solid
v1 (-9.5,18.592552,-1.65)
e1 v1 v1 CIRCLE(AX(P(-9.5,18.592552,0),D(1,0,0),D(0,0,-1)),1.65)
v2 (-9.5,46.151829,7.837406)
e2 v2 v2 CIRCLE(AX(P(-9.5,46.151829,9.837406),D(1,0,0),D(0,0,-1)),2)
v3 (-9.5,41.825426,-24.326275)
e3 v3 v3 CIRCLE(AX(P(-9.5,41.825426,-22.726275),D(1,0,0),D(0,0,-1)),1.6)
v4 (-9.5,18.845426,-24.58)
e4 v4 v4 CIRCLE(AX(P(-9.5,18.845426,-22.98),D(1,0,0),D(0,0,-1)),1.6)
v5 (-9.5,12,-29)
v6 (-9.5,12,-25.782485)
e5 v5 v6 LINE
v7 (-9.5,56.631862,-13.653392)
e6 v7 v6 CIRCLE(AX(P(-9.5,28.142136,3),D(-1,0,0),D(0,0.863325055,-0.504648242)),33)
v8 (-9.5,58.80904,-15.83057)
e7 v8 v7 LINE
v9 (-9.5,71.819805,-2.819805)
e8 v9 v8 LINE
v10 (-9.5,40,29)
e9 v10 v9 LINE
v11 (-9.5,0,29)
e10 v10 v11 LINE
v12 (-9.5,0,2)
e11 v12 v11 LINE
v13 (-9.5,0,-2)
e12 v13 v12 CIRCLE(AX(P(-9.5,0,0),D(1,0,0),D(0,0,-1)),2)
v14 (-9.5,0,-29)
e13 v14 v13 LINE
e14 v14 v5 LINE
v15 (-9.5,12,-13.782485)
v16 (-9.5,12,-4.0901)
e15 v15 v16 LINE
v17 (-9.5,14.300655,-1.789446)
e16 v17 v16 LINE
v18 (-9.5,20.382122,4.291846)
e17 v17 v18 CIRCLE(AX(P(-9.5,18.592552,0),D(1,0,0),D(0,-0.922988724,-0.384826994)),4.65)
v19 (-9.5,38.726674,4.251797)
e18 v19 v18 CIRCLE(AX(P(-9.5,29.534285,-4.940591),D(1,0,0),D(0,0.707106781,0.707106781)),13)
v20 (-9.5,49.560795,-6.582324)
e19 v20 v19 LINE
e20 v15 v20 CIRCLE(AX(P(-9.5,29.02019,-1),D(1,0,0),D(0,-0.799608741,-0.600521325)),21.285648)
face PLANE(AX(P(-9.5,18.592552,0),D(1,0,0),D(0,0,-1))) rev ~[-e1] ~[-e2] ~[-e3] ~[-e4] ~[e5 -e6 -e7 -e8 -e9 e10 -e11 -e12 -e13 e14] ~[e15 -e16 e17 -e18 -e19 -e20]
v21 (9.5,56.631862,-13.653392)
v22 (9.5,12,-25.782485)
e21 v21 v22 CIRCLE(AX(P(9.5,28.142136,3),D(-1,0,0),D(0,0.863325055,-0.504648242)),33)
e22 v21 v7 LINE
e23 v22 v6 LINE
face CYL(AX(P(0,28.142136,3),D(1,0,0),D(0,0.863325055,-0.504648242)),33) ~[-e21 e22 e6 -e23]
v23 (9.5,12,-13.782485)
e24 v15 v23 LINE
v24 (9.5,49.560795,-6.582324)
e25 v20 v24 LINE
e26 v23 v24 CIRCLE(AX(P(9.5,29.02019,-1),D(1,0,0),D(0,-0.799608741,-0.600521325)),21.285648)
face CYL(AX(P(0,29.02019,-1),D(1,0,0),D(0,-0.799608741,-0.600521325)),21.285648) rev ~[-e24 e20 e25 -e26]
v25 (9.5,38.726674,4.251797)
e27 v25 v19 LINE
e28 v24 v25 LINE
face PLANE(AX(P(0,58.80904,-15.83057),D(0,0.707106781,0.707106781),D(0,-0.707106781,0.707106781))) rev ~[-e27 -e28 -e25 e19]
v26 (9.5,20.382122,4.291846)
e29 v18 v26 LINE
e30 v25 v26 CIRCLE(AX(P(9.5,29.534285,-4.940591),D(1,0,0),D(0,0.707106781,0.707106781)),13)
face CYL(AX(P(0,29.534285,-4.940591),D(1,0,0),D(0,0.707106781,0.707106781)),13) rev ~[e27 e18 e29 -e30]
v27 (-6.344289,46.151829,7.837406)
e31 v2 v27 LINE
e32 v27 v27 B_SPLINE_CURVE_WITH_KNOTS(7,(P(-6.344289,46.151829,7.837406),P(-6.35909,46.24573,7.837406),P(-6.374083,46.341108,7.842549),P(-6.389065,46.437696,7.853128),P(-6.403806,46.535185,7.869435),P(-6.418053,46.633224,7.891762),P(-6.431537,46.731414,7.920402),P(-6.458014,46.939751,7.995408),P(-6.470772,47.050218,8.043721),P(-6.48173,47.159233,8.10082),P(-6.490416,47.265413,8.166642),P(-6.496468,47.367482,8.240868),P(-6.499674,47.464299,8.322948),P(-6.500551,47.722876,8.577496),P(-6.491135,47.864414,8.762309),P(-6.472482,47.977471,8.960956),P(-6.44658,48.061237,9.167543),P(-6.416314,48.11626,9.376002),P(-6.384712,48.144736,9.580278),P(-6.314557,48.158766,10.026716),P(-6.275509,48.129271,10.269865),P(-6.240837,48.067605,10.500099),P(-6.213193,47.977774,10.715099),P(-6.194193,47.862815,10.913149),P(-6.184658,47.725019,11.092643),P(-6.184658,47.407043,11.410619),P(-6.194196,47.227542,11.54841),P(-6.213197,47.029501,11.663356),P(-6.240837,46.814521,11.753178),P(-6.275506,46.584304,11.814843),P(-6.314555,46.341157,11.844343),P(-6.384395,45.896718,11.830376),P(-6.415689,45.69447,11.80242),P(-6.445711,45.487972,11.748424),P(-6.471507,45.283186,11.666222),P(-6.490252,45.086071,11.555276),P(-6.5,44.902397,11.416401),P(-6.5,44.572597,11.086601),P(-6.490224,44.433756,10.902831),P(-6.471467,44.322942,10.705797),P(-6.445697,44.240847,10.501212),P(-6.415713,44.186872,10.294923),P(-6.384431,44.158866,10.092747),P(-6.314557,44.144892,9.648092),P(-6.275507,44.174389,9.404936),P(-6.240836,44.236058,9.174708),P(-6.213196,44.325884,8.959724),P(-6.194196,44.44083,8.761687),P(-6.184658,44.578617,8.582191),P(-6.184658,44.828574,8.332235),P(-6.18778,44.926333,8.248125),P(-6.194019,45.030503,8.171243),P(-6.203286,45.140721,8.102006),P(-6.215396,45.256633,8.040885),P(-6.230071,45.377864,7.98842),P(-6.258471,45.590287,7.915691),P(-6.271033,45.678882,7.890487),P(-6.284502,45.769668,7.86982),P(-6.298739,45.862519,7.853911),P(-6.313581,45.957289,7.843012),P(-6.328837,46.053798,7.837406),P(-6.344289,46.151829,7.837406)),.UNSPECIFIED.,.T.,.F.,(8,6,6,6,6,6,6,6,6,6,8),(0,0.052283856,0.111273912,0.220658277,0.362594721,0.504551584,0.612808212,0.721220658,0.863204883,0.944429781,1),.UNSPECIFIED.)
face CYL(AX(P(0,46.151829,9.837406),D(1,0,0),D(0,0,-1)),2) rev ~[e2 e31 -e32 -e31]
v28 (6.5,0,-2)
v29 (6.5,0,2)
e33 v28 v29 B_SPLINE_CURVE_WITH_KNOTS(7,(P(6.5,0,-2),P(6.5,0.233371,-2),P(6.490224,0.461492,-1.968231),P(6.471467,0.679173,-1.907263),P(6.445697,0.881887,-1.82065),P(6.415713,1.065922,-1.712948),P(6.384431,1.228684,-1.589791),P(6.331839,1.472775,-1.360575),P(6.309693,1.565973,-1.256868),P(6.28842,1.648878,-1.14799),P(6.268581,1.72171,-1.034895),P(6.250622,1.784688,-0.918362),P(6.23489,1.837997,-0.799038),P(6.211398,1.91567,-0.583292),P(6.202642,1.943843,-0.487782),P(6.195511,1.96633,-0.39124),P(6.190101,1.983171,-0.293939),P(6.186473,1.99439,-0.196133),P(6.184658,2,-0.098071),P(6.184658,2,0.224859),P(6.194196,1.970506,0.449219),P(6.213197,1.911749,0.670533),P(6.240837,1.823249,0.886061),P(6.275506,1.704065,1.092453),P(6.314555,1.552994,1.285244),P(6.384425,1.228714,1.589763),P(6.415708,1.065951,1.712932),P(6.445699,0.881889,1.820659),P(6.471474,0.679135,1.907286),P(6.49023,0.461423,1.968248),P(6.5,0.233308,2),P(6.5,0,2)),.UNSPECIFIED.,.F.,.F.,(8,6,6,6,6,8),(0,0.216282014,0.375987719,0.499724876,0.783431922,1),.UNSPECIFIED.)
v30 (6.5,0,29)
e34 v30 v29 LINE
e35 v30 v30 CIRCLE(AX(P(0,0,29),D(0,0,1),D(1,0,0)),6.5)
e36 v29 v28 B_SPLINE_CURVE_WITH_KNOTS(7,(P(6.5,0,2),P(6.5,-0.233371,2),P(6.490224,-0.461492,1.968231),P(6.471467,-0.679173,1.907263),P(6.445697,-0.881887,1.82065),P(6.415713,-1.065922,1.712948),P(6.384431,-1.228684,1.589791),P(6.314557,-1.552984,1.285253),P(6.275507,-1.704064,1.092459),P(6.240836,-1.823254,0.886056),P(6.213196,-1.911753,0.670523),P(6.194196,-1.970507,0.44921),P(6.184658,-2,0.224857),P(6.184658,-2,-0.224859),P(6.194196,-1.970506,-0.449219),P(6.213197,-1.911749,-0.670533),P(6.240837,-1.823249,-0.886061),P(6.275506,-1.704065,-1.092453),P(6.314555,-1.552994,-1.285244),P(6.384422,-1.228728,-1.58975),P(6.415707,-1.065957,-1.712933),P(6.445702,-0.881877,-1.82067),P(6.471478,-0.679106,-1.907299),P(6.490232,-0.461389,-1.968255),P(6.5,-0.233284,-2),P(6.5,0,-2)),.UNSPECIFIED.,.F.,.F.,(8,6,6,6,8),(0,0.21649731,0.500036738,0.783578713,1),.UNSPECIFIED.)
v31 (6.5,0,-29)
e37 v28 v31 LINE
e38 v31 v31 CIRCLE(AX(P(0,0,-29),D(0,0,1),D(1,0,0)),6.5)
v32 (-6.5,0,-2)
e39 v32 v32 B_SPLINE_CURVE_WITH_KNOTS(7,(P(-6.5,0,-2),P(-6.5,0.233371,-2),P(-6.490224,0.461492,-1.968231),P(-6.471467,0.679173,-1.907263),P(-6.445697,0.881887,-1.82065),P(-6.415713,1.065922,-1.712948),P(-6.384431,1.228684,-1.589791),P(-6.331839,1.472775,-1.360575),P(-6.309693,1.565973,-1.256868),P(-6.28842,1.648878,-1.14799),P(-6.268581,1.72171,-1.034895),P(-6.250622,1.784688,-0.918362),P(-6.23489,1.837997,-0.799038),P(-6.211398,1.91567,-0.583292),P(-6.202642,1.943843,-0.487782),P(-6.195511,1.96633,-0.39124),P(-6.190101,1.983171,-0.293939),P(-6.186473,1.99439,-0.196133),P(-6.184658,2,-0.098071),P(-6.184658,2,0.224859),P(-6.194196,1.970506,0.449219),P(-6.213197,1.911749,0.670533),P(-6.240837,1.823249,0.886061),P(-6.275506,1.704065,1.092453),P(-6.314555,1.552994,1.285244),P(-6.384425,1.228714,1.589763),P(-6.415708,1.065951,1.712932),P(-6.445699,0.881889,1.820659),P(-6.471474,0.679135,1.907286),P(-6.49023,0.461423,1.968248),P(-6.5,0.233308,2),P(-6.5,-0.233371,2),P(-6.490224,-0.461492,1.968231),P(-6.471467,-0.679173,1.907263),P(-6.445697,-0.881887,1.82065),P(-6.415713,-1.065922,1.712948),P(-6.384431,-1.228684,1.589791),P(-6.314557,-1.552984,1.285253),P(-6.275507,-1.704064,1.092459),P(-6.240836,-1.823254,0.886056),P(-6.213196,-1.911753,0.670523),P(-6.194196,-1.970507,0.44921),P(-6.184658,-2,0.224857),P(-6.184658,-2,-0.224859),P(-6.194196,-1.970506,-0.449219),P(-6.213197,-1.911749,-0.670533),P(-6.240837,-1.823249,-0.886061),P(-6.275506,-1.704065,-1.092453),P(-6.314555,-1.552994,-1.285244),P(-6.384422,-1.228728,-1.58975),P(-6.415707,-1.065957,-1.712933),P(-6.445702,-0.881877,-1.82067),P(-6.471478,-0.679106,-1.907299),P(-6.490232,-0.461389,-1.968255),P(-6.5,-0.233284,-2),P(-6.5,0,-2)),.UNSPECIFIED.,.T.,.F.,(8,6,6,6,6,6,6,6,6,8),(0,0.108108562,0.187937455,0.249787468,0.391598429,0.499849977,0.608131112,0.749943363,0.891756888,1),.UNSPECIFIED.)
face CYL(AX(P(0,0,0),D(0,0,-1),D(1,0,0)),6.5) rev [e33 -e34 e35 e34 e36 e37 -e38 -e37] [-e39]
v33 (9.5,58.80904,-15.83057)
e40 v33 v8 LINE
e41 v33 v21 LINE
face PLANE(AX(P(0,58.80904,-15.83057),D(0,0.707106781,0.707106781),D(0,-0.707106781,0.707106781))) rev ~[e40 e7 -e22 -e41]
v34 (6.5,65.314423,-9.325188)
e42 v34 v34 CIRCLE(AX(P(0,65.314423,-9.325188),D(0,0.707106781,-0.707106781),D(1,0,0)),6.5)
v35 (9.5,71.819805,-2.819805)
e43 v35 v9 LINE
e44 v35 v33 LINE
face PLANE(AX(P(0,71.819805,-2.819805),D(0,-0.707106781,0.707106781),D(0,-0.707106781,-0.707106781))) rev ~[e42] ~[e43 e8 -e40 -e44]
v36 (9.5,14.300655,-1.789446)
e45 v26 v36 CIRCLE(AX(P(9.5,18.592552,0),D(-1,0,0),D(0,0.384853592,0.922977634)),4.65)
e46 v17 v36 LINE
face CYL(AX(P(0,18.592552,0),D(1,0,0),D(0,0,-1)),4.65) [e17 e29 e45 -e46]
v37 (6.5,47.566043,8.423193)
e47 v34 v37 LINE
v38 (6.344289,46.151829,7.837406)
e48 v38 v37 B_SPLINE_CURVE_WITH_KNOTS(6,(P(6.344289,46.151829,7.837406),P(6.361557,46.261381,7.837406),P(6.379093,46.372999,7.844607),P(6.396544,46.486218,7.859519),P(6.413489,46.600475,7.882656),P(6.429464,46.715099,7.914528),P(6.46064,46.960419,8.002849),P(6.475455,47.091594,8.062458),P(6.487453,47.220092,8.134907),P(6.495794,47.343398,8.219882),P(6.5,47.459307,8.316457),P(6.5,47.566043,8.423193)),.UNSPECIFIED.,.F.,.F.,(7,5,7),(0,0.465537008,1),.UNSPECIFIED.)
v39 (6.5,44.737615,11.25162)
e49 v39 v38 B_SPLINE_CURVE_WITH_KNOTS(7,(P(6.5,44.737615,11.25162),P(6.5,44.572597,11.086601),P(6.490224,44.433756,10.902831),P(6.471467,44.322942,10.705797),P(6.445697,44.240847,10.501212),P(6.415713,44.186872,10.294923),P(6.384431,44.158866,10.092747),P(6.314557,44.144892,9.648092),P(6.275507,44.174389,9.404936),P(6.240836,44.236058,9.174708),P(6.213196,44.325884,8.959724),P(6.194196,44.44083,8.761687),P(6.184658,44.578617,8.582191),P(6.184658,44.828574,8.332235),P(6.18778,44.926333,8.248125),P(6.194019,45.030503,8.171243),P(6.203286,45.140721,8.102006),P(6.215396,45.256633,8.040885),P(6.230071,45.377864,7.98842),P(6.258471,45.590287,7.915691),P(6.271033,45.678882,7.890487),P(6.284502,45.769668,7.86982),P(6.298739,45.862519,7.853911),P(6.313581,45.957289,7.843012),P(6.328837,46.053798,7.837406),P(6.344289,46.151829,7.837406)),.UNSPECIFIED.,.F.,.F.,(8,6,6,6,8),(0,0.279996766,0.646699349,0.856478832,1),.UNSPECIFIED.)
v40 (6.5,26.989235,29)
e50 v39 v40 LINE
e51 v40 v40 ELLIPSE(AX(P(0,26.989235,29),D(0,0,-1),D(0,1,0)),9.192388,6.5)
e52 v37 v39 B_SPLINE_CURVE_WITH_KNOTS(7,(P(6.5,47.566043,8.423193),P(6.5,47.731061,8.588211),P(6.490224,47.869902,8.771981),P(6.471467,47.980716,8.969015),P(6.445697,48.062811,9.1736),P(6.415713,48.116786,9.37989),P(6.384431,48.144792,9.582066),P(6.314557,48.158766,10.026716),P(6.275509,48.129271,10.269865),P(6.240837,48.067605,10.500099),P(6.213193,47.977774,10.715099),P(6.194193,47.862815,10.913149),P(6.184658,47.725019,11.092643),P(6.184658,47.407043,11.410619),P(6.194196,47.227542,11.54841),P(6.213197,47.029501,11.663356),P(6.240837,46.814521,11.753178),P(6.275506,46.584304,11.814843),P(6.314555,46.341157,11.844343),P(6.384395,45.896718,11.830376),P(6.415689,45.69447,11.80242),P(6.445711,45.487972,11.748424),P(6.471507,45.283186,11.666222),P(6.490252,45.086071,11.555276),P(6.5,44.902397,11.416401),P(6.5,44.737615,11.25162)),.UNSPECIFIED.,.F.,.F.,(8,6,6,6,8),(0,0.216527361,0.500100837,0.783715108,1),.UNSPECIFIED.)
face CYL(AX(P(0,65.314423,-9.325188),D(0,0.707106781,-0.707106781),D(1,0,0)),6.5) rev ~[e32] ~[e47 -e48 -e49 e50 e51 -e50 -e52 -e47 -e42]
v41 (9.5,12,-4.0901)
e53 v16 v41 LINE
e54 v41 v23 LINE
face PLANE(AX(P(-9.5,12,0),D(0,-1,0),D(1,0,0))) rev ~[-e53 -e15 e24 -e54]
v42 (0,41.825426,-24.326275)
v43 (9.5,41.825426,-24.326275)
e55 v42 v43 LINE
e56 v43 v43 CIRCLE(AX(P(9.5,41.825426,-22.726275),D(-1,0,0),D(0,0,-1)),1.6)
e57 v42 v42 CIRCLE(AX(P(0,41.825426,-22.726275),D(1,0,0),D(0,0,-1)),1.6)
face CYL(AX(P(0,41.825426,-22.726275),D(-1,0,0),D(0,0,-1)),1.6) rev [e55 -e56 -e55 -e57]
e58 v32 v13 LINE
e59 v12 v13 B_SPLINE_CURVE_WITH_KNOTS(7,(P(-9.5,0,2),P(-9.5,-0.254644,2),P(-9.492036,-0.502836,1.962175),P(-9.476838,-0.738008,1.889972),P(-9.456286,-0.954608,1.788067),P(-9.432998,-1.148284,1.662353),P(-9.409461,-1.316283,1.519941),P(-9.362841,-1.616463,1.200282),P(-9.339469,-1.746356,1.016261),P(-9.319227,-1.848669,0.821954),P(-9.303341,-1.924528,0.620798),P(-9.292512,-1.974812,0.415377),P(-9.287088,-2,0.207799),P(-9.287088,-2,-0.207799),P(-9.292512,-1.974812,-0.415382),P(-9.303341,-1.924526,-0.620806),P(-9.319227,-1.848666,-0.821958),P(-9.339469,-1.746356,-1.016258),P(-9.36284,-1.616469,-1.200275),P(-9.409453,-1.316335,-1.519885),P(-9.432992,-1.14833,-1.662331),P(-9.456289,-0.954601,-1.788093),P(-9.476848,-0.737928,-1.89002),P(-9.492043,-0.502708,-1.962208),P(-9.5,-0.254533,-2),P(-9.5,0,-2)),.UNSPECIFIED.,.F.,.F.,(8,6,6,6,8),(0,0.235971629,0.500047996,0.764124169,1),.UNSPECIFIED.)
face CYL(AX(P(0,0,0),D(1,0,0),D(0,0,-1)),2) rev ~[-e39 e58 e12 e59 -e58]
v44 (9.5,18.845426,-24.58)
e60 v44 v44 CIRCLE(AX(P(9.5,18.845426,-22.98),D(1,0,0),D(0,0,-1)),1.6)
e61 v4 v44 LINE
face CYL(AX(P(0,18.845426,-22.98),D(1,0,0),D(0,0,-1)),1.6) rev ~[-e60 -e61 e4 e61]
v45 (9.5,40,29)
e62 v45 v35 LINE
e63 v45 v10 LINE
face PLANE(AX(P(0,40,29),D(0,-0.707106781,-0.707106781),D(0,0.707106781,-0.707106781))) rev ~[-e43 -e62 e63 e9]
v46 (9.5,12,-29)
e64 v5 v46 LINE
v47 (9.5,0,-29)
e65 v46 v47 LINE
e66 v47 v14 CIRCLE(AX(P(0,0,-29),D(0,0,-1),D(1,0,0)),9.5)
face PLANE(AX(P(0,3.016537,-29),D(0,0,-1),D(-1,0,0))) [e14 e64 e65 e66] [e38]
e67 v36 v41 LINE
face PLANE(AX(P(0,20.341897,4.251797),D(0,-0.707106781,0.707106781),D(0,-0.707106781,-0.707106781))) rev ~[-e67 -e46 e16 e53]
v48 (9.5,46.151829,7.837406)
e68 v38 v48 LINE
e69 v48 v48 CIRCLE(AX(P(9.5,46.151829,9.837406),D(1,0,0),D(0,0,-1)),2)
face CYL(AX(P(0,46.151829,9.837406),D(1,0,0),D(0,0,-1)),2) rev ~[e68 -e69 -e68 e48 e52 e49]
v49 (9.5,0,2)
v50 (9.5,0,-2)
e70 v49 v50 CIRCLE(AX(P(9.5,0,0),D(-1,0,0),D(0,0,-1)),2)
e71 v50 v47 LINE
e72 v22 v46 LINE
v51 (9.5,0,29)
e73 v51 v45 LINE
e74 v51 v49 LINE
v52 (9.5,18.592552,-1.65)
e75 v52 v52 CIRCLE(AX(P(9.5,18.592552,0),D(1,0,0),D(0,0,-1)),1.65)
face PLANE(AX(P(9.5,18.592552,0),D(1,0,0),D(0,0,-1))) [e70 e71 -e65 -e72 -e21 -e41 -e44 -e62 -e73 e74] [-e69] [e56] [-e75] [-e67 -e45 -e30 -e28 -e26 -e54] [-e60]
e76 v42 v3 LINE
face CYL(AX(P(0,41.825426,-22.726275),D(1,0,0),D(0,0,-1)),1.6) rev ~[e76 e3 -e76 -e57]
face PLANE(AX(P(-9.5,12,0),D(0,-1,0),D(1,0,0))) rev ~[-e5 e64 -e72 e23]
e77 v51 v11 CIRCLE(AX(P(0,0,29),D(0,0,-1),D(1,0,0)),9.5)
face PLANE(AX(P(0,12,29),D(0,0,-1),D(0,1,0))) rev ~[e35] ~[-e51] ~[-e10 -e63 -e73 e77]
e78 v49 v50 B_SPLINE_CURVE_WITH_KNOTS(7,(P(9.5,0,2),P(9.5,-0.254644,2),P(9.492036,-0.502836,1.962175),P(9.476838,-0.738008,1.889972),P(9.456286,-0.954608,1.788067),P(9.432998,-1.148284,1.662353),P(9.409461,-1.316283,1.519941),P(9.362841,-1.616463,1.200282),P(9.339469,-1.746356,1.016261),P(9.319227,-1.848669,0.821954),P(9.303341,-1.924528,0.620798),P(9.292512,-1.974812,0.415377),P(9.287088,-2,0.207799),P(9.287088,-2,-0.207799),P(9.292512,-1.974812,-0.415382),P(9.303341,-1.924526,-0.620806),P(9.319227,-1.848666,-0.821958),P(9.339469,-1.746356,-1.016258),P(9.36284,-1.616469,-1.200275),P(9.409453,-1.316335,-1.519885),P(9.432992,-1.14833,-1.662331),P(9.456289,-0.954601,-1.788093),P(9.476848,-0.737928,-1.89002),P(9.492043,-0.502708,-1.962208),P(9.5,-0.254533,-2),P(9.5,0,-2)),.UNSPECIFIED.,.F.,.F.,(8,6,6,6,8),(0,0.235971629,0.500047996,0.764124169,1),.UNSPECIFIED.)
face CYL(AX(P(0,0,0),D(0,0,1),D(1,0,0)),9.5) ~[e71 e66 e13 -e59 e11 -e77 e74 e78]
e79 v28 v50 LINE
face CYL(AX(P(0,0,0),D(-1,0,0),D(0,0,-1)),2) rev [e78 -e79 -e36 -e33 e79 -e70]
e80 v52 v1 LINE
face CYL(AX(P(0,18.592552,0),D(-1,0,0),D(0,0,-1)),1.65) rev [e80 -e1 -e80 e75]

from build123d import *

# Parameters (mm, degrees)
CROQUIS1_R              = 6.5
SALIENTE_EXTRUIR1_DEPTH = 29
SALIENTE_EXTRUIR2_DEPTH = 9.5
CROQUIS3_R              = 6.5
CORTAR_EXTRUIR1_DEPTH   = 73
SALIENTE_EXTRUIR3_DEPTH = 9.5
CROQUIS5_R              = 4.65
CROQUIS5_R_2            = 1.65
SALIENTE_EXTRUIR4_DEPTH = 9.5
CROQUIS6_R              = 1.6
CORTAR_EXTRUIR2_DEPTH   = 15
CROQUIS7_R              = 2
CORTAR_EXTRUIR3_DEPTH   = 26.5


with BuildPart() as part:
    # Croquis1 → Saliente-Extruir1 (new body, symmetric)
    with BuildSketch(Plane.XY):
        with BuildLine():
            Line((-9.5, 12), (9.5, 12))
            Line((9.5, 12), (9.5, 0))
            ThreePointArc((9.5, 0), (0, -9.5), (-9.5, 0))
            Line((-9.5, 0), (-9.5, 12))
        make_face()
        Circle(CROQUIS1_R, mode=Mode.SUBTRACT)
    extrude(amount=SALIENTE_EXTRUIR1_DEPTH, both=True)

    # Croquis2 → Saliente-Extruir2 (add, symmetric)
    with BuildSketch(Plane(origin=(0, 0, 0), x_dir=(0, 0, -1), z_dir=(1, 0, 0))):
        with BuildLine():
            Line((-29, 12), (-29, 40))
            Line((-29, 40), (2.819805153, 71.819805153))
            Line((2.819805153, 71.819805153), (15.830569927, 58.80904038))
            Line((15.830569927, 58.80904038), (-4.251796904, 38.726673548))
            ThreePointArc((-4.251796904, 38.726673548), (-8.059408749, 29.534285393), (-4.251796904, 20.341897237))
            Line((-4.251796904, 20.341897237), (4.090100333, 12))
            Line((4.090100333, 12), (-29, 12))
        make_face()
    extrude(amount=SALIENTE_EXTRUIR2_DEPTH, both=True)

    # Croquis3 → Cortar-Extruir1 (cut)
    with BuildSketch(Plane(origin=(0, 37.319805153, -37.319805153), x_dir=(1, 0, 0), z_dir=(0, 0.707106781, -0.707106781))):
        with Locations((0, -39.590367902)):
            Circle(CROQUIS3_R)
    extrude(amount=-CORTAR_EXTRUIR1_DEPTH, mode=Mode.SUBTRACT)

    # Croquis4 → Saliente-Extruir3 (add, symmetric)
    with BuildSketch(Plane(origin=(0, 0, 0), x_dir=(0, 0, -1), z_dir=(1, 0, 0))):
        with BuildLine():
            Line((6.58232419, 49.560794642), (13.653392001, 56.631862454))
            ThreePointArc((13.653392001, 56.631862454), (28.845023505, 36.796295198), (25.782485256, 12))
            Line((25.782485256, 12), (13.782485256, 12))
            ThreePointArc((13.782485256, 12), (21.90502045, 33.027546833), (6.58232419, 49.560794642))
        make_face()
    extrude(amount=SALIENTE_EXTRUIR3_DEPTH, both=True)

    # Croquis5 → Saliente-Extruir4 (add, symmetric)
    with BuildSketch(Plane(origin=(0, 0, 0), x_dir=(0, 0, -1), z_dir=(1, 0, 0))):
        with Locations((0, 18.59255238)):
            Circle(CROQUIS5_R)
        with Locations((0, 18.59255238)):
            Circle(CROQUIS5_R_2, mode=Mode.SUBTRACT)
    extrude(amount=SALIENTE_EXTRUIR4_DEPTH, both=True)

    # Croquis6 → Cortar-Extruir2 (cut, symmetric)
    with BuildSketch(Plane(origin=(0, 0, 0), x_dir=(0, 0, -1), z_dir=(1, 0, 0))):
        with Locations((22.726275042, 41.82542613)):
            Circle(CROQUIS6_R)
        with Locations((22.98, 18.84542613)):
            Circle(CROQUIS6_R)
    extrude(amount=CORTAR_EXTRUIR2_DEPTH, both=True, mode=Mode.SUBTRACT)

    # Croquis7 → Cortar-Extruir3 (cut, symmetric)
    with BuildSketch(Plane(origin=(0, 0, 0), x_dir=(0, 0, -1), z_dir=(1, 0, 0))):
        Circle(CROQUIS7_R)
        with Locations((-9.83740623, 46.151828996)):
            Circle(CROQUIS7_R)
    extrude(amount=CORTAR_EXTRUIR3_DEPTH, both=True, mode=Mode.SUBTRACT)


solid = part.part
